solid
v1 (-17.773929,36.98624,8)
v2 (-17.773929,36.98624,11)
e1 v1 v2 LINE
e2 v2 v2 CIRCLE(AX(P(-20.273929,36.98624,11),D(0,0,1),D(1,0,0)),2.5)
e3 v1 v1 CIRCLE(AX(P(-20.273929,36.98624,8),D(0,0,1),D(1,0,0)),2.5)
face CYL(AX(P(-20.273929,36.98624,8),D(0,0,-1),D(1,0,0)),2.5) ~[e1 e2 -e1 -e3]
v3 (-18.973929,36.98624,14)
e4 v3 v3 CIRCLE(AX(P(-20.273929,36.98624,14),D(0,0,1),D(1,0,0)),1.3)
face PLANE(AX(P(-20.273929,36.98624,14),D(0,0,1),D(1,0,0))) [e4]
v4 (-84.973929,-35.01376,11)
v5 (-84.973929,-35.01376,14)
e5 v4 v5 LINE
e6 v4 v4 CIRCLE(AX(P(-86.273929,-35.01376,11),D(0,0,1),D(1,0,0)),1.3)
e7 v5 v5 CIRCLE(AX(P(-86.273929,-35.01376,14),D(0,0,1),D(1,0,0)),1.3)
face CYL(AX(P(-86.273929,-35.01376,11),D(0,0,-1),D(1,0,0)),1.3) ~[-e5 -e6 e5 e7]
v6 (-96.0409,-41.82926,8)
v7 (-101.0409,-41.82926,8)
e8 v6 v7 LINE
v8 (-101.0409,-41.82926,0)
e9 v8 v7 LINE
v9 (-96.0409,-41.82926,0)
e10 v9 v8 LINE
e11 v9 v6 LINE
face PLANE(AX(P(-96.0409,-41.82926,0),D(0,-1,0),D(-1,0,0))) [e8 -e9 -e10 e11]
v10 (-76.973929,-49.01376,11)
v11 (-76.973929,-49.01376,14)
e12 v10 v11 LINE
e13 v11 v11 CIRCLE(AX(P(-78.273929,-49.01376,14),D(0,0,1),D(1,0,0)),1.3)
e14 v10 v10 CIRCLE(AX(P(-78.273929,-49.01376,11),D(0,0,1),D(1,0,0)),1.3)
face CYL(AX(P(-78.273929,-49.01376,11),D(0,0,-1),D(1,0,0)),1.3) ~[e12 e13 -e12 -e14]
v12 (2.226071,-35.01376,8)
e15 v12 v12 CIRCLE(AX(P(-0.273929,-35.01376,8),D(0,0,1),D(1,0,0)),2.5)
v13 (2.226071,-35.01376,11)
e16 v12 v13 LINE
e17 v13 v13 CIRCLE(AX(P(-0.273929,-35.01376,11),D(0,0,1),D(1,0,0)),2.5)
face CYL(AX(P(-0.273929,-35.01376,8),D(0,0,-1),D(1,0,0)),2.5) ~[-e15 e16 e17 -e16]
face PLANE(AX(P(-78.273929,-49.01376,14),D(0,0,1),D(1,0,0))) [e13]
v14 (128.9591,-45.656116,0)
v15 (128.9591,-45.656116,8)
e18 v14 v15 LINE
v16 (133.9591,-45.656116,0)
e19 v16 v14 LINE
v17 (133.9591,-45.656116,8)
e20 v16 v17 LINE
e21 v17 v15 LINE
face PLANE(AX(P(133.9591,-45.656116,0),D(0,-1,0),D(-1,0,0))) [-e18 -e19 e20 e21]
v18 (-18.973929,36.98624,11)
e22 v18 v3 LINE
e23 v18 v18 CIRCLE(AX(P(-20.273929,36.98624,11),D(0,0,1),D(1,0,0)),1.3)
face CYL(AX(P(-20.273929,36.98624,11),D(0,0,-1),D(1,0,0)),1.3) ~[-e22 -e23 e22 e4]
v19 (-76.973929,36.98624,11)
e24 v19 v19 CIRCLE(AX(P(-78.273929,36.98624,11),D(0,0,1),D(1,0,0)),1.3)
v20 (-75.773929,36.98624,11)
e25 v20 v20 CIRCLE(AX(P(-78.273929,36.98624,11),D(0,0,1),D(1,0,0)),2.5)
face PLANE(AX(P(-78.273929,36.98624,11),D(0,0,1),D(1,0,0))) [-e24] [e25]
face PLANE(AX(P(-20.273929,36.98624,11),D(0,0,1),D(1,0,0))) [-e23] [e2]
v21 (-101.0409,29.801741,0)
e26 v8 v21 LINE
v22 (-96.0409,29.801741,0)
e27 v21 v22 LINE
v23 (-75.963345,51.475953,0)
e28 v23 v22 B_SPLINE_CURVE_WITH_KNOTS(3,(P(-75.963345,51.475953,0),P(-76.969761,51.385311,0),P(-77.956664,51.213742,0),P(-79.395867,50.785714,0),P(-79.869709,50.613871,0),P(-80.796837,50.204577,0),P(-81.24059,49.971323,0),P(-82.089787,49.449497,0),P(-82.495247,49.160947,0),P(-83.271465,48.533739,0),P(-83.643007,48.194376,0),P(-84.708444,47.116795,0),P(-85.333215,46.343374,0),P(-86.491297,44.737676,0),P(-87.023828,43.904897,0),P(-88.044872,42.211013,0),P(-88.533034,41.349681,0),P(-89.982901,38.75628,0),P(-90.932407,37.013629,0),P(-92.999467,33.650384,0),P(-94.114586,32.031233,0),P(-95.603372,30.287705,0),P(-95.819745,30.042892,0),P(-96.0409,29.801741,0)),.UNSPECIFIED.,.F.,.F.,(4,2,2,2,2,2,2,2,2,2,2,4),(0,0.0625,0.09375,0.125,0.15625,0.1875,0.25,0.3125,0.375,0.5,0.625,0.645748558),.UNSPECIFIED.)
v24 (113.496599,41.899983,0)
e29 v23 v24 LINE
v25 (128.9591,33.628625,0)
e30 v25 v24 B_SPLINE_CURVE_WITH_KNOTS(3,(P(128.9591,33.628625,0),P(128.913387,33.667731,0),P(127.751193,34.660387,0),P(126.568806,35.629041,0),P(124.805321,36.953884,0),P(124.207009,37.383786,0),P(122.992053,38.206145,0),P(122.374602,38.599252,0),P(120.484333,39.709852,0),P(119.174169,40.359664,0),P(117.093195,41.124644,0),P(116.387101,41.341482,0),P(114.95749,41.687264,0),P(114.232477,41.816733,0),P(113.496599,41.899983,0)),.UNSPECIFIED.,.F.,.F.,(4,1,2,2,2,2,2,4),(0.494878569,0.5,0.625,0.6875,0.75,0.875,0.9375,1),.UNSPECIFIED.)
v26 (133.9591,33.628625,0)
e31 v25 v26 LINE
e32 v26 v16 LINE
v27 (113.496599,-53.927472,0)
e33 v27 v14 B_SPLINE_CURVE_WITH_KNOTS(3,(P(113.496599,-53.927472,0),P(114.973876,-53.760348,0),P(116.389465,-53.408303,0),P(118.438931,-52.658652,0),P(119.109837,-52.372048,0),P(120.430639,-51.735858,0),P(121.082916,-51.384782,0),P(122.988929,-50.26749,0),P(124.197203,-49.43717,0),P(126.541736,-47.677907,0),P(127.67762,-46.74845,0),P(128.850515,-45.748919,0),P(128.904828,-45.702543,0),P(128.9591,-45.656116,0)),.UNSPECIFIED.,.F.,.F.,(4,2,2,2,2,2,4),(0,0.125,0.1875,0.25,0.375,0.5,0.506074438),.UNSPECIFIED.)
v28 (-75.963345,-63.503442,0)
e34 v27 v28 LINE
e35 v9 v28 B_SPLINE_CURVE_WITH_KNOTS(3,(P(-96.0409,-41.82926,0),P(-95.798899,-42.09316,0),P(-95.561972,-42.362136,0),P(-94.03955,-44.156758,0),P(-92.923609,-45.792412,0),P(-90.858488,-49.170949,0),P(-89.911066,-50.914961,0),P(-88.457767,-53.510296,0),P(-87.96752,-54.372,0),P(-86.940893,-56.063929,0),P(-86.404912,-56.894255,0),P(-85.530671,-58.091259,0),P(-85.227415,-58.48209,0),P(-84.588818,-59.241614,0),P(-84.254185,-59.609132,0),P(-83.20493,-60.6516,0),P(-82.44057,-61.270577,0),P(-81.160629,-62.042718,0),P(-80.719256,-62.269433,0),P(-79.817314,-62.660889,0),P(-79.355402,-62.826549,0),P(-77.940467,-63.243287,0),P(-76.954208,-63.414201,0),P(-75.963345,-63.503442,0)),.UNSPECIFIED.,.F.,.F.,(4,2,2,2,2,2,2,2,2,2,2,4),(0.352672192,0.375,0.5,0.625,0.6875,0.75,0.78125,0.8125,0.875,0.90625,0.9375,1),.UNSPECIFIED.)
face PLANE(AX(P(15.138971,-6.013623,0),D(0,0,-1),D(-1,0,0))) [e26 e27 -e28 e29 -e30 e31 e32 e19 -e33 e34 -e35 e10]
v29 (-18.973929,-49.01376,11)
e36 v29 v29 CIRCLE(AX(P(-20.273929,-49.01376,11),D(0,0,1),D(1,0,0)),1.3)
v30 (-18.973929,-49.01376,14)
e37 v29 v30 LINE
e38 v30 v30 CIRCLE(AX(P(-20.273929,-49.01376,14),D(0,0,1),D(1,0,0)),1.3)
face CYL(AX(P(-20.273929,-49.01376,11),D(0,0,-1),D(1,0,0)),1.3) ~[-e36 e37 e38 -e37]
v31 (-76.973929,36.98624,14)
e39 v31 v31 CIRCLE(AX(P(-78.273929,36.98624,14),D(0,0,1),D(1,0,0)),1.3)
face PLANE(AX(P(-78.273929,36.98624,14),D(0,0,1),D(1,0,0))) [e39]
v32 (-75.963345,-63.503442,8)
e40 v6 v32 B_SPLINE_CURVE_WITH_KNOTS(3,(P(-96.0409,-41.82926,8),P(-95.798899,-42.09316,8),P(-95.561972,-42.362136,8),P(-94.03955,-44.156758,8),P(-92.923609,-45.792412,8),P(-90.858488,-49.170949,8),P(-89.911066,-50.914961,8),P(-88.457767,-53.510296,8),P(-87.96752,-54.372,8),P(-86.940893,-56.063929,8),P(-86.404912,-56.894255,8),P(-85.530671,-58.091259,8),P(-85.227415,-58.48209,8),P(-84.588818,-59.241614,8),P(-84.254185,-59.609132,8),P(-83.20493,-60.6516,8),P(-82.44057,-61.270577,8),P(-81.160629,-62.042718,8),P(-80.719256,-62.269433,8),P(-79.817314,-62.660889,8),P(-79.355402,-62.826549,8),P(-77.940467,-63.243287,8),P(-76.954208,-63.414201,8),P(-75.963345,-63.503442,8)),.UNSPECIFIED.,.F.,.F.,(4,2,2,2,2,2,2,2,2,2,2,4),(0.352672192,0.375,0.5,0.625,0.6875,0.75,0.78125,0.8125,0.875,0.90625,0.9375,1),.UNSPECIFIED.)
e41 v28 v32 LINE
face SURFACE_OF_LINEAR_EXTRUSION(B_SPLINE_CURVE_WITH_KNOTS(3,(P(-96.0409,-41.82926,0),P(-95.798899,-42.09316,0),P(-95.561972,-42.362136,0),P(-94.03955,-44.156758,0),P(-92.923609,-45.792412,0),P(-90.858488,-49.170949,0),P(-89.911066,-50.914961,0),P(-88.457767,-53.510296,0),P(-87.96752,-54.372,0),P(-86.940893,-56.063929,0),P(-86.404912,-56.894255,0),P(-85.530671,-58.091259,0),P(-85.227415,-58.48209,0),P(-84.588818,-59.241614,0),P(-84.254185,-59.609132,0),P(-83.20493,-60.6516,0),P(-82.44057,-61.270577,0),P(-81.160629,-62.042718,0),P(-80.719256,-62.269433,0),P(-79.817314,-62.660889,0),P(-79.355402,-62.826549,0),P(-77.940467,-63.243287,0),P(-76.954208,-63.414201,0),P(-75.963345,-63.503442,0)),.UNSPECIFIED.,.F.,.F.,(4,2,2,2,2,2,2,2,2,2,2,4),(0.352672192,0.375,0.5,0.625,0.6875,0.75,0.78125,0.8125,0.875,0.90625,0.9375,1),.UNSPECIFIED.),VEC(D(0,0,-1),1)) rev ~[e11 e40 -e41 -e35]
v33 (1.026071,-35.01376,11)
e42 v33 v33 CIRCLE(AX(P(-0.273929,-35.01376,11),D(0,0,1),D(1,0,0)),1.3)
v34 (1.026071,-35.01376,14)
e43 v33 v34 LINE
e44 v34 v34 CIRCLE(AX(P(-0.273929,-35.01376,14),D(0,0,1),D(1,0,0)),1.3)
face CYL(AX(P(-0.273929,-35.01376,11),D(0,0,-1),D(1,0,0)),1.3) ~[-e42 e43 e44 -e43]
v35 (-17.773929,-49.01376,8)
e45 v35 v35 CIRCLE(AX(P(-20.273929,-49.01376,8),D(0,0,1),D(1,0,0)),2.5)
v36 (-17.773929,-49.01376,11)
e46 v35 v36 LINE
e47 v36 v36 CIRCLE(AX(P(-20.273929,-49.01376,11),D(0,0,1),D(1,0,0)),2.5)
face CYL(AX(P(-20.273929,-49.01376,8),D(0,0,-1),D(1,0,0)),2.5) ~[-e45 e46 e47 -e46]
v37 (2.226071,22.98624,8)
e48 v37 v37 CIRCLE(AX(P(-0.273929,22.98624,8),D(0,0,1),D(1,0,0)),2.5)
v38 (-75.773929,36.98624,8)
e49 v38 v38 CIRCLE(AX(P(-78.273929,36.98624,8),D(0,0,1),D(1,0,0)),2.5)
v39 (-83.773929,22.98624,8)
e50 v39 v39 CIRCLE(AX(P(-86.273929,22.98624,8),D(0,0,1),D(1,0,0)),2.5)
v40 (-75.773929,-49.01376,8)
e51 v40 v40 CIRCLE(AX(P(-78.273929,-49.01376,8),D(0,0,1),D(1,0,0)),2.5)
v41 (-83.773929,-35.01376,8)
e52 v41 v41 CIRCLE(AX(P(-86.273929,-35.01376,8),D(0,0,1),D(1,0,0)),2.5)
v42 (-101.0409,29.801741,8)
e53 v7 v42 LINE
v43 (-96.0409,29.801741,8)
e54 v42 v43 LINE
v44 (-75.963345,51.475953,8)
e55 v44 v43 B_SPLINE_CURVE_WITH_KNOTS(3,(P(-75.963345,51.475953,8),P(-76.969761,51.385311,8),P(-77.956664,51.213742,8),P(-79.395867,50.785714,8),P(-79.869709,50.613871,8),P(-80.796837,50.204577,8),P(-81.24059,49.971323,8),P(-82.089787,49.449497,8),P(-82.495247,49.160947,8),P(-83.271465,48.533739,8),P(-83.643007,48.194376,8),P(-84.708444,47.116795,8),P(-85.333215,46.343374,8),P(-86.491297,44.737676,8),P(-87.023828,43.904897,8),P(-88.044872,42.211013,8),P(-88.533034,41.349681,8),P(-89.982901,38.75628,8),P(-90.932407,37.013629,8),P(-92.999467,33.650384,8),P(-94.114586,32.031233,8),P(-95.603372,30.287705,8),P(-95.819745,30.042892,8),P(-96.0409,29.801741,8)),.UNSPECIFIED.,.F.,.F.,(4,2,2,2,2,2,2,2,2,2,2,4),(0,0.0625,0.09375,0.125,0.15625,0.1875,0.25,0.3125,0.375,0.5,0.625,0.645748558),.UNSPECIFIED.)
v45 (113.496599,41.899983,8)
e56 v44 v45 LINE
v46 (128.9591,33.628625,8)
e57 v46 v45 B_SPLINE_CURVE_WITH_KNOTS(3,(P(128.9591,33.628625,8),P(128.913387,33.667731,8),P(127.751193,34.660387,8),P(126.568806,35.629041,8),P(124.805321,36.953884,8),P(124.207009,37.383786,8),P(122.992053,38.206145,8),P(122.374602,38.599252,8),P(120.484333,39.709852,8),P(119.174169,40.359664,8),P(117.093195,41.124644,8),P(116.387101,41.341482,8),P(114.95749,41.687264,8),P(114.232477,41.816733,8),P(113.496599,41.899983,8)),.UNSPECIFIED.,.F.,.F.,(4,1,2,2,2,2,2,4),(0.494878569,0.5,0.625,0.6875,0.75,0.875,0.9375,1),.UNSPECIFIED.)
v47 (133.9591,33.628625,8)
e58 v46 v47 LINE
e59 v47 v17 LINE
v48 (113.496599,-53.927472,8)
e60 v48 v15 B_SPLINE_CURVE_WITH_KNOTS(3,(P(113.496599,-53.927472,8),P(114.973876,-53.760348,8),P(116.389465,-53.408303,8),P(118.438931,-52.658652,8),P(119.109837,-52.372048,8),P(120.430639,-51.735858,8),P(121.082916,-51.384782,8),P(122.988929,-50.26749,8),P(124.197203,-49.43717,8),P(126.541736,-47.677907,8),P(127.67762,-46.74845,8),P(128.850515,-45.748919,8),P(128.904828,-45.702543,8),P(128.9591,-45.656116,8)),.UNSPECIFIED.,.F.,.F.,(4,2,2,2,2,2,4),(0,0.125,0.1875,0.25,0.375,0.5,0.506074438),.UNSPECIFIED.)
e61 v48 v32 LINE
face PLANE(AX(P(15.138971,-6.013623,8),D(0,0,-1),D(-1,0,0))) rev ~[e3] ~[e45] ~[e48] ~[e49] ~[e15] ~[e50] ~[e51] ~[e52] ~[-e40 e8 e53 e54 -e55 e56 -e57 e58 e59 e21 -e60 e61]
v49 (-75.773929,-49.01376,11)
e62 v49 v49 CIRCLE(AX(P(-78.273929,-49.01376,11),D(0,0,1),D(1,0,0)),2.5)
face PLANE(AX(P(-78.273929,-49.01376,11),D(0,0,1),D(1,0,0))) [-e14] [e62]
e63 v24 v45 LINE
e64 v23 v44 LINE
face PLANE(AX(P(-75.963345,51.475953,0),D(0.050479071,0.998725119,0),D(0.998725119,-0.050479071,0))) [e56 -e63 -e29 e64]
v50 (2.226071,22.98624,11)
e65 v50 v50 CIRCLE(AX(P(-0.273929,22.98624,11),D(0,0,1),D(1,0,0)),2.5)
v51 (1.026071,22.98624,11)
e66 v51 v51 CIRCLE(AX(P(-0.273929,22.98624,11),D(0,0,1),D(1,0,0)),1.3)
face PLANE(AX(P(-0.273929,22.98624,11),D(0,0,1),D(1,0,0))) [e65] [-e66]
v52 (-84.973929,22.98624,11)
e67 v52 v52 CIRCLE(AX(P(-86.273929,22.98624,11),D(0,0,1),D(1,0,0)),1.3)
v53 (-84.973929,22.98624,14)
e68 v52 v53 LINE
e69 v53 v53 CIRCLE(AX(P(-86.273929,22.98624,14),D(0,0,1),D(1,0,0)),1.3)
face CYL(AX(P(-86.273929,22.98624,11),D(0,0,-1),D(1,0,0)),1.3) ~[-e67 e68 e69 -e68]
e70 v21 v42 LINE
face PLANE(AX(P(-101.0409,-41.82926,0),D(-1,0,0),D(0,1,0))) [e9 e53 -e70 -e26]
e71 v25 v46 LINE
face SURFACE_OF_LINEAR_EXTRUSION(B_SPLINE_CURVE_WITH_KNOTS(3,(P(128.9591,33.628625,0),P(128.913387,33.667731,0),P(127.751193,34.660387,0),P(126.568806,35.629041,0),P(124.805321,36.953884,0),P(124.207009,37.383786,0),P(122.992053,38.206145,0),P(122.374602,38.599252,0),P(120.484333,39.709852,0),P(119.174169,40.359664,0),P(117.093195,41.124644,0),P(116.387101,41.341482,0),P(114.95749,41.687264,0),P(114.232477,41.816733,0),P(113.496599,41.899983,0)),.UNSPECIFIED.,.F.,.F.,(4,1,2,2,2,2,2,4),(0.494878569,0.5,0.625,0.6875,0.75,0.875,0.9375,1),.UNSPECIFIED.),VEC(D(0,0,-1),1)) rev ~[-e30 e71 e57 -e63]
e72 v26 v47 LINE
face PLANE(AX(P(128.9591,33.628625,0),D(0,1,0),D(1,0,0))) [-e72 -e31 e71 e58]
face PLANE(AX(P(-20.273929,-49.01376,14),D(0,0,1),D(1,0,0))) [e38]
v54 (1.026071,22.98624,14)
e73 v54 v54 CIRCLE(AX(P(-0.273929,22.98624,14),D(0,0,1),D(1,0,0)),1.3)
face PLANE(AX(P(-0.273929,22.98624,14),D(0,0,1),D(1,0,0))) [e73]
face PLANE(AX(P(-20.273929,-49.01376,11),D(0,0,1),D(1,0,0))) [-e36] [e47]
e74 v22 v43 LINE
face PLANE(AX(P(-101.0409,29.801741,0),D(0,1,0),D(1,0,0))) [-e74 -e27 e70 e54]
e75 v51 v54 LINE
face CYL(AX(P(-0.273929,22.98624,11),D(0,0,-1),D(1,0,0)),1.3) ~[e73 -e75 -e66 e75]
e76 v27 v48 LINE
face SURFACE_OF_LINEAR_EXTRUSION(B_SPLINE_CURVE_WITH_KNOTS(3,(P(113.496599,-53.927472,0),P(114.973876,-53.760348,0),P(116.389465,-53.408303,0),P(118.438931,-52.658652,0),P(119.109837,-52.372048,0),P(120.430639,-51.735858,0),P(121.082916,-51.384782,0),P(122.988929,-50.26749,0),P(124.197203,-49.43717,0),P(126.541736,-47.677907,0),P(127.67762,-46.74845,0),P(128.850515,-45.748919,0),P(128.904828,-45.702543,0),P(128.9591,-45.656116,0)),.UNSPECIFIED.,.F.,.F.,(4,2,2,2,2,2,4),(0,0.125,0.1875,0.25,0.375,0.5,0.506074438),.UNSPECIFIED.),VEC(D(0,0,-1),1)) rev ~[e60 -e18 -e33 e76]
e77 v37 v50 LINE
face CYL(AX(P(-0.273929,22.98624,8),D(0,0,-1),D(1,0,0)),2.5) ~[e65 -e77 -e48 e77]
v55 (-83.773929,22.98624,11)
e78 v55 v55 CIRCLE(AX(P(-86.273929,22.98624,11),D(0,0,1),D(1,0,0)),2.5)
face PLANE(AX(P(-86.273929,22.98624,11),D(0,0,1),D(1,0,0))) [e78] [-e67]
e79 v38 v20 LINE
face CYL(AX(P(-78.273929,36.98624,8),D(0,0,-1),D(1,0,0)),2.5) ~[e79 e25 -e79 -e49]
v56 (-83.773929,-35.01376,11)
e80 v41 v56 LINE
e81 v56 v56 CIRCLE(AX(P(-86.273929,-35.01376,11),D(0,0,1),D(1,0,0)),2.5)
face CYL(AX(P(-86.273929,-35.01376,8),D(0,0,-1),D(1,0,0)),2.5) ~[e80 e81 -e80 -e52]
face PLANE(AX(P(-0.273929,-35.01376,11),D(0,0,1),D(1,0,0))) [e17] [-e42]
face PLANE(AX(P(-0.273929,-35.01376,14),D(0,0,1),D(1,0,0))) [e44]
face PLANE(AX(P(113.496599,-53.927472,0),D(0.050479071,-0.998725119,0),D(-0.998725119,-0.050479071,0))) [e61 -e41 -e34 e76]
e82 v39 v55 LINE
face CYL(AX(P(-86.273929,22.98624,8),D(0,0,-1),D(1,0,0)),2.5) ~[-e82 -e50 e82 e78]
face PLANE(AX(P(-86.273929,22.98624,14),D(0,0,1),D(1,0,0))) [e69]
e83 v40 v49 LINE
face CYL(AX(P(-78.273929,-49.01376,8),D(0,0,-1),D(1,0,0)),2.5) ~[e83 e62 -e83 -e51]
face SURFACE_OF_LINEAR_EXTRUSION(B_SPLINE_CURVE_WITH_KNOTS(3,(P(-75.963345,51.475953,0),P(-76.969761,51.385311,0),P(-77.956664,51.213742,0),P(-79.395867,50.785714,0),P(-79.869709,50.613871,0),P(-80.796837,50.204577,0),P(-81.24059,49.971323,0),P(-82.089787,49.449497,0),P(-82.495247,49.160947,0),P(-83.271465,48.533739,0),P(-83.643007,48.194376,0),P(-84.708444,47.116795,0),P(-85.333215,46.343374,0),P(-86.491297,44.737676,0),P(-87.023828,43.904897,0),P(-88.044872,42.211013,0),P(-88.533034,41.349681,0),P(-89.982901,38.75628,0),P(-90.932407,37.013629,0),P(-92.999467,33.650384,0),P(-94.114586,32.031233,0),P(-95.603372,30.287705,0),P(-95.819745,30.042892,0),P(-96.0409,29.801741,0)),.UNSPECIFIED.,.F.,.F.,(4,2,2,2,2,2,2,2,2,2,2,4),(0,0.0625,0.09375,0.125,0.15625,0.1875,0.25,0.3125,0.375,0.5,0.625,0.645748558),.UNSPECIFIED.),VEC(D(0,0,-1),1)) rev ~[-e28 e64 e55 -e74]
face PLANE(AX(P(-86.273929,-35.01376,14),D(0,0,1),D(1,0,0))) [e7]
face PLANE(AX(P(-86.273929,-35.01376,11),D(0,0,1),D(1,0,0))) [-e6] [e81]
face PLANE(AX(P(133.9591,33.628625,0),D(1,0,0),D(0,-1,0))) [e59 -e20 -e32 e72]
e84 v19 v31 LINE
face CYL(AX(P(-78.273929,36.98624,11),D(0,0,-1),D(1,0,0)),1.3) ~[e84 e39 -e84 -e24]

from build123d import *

# Parameters (mm, degrees)
BOSS_EXTRUDE1_DEPTH = 8
SKETCH2_R           = 2.5
BOSS_EXTRUDE2_DEPTH = 3
SKETCH3_R           = 1.3
BOSS_EXTRUDE3_DEPTH = 3


with BuildPart() as part:
    # Sketch1 → Boss-Extrude1 (new body)
    with BuildSketch(Plane.XY):
        with BuildLine():
            Line((128.959100066, 33.628624999), (133.959100066, 33.628624999))
            Line((133.959100066, 33.628624999), (133.959100066, -45.656116492))
            Line((133.959100066, -45.656116492), (128.959100066, -45.656116492))
            add(Edge.make_bspline(
                [(113.496599029, -53.92747215), (114.973875685, -53.76034768), (116.389465073, -53.408303088), (118.438931288, -52.658652366), (119.109837198, -52.372048444), (120.430638868, -51.735858399), (121.082915856, -51.384782434), (122.988929436, -50.267489711), (124.197203446, -49.437169981), (126.541735842, -47.677906536), (127.677620036, -46.748450374), (128.850515141, -45.74891878), (128.904828159, -45.702543351), (128.959100066, -45.656116492)],
                knots=[0, 0, 0, 0, 0.125, 0.125, 0.1875, 0.1875, 0.25, 0.25, 0.375, 0.375, 0.5, 0.5, 0.506074438, 0.506074438, 0.506074438, 0.506074438], degree=3))
            Line((113.496599029, -53.92747215), (-75.963345356, -63.503442328))
            add(Edge.make_bspline(
                [(-96.040899934, -41.829259963), (-95.798899268, -42.093160096), (-95.56197213, -42.362136183), (-94.03954966, -44.156758027), (-92.923608678, -45.792412437), (-90.858487716, -49.170948695), (-89.911065512, -50.914960796), (-88.457766632, -53.51029646), (-87.967520262, -54.371999904), (-86.940892781, -56.06392928), (-86.404912323, -56.894254814), (-85.530671439, -58.091259413), (-85.227414802, -58.482089731), (-84.588818098, -59.241614046), (-84.254184704, -59.609132259), (-83.204929916, -60.651600397), (-82.440569541, -61.270576891), (-81.160629249, -62.042718444), (-80.719255742, -62.269433113), (-79.817314106, -62.660888928), (-79.3554021, -62.826549047), (-77.940467092, -63.243286827), (-76.954208328, -63.414201398), (-75.963345356, -63.503442328)],
                knots=[0.352672192, 0.352672192, 0.352672192, 0.352672192, 0.375, 0.375, 0.5, 0.5, 0.625, 0.625, 0.6875, 0.6875, 0.75, 0.75, 0.78125, 0.78125, 0.8125, 0.8125, 0.875, 0.875, 0.90625, 0.90625, 0.9375, 0.9375, 1, 1, 1, 1], degree=3))
            Line((-96.040899934, -41.829259963), (-101.040899934, -41.829259963))
            Line((-101.040899934, -41.829259963), (-101.040899934, 29.801740739))
            Line((-101.040899934, 29.801740739), (-96.040899934, 29.801740739))
            add(Edge.make_bspline(
                [(-75.963345356, 51.475952827), (-76.969760945, 51.385311169), (-77.956664013, 51.213742336), (-79.395866789, 50.78571401), (-79.86970863, 50.613871194), (-80.796837185, 50.204577199), (-81.240590365, 49.971323111), (-82.089787414, 49.449496549), (-82.495246976, 49.160946736), (-83.271465049, 48.533739024), (-83.643007435, 48.194375714), (-84.708444042, 47.116795042), (-85.333215001, 46.343374139), (-86.491296884, 44.737676097), (-87.023827607, 43.904896882), (-88.044872363, 42.211012893), (-88.533034054, 41.34968138), (-89.982900727, 38.756279626), (-90.93240726, 37.013628654), (-92.999467157, 33.650383947), (-94.114586107, 32.031232641), (-95.60337212, 30.287705281), (-95.819744565, 30.042891916), (-96.040899934, 29.801740739)],
                knots=[0, 0, 0, 0, 0.0625, 0.0625, 0.09375, 0.09375, 0.125, 0.125, 0.15625, 0.15625, 0.1875, 0.1875, 0.25, 0.25, 0.3125, 0.3125, 0.375, 0.375, 0.5, 0.5, 0.625, 0.625, 0.645748558, 0.645748558, 0.645748558, 0.645748558], degree=3))
            Line((-75.963345356, 51.475952827), (113.496599029, 41.899982649))
            add(Edge.make_bspline(
                [(128.959100066, 33.628624999), (128.913387154, 33.667730585), (127.751192536, 34.660386778), (126.568806099, 35.629041088), (124.805320754, 36.953884089), (124.207009004, 37.38378621), (122.992052543, 38.206145046), (122.374602128, 38.599251589), (120.484333172, 39.709851881), (119.174169326, 40.359663675), (117.093195419, 41.124643977), (116.387101294, 41.341482025), (114.957490187, 41.687263925), (114.232477088, 41.816732683), (113.496599029, 41.899982649)],
                knots=[0.494878569, 0.494878569, 0.494878569, 0.494878569, 0.5, 0.625, 0.625, 0.6875, 0.6875, 0.75, 0.75, 0.875, 0.875, 0.9375, 0.9375, 1, 1, 1, 1], degree=3))
        make_face()
    extrude(amount=BOSS_EXTRUDE1_DEPTH)

    # Sketch2 → Boss-Extrude2 (add)
    with BuildSketch(Plane.XY.offset(8)):
        with Locations((-86.273928885, 22.986240388)):
            Circle(SKETCH2_R)
        with Locations((-78.273928885, 36.986240388)):
            Circle(SKETCH2_R)
        with Locations((-20.273928885, 36.986240388)):
            Circle(SKETCH2_R)
        with Locations((-0.273928885, 22.986240388)):
            Circle(SKETCH2_R)
        with Locations((-0.273928885, -35.013759612)):
            Circle(SKETCH2_R)
        with Locations((-20.273928885, -49.013759612)):
            Circle(SKETCH2_R)
        with Locations((-78.273928885, -49.013759612)):
            Circle(SKETCH2_R)
        with Locations((-86.273928885, -35.013759612)):
            Circle(SKETCH2_R)
    extrude(amount=BOSS_EXTRUDE2_DEPTH)

    # Sketch3 → Boss-Extrude3 (add)
    with BuildSketch(Plane.XY.offset(11)):
        with Locations((-86.273928885, 22.986240388)):
            Circle(SKETCH3_R)
        with Locations((-78.273928885, 36.986240388)):
            Circle(SKETCH3_R)
        with Locations((-20.273928885, 36.986240388)):
            Circle(SKETCH3_R)
        with Locations((-0.273928885, 22.986240388)):
            Circle(SKETCH3_R)
        with Locations((-0.273928885, -35.013759612)):
            Circle(SKETCH3_R)
        with Locations((-20.273928885, -49.013759612)):
            Circle(SKETCH3_R)
        with Locations((-78.273928885, -49.013759612)):
            Circle(SKETCH3_R)
        with Locations((-86.273928885, -35.013759612)):
            Circle(SKETCH3_R)
    extrude(amount=BOSS_EXTRUDE3_DEPTH)


solid = part.part
